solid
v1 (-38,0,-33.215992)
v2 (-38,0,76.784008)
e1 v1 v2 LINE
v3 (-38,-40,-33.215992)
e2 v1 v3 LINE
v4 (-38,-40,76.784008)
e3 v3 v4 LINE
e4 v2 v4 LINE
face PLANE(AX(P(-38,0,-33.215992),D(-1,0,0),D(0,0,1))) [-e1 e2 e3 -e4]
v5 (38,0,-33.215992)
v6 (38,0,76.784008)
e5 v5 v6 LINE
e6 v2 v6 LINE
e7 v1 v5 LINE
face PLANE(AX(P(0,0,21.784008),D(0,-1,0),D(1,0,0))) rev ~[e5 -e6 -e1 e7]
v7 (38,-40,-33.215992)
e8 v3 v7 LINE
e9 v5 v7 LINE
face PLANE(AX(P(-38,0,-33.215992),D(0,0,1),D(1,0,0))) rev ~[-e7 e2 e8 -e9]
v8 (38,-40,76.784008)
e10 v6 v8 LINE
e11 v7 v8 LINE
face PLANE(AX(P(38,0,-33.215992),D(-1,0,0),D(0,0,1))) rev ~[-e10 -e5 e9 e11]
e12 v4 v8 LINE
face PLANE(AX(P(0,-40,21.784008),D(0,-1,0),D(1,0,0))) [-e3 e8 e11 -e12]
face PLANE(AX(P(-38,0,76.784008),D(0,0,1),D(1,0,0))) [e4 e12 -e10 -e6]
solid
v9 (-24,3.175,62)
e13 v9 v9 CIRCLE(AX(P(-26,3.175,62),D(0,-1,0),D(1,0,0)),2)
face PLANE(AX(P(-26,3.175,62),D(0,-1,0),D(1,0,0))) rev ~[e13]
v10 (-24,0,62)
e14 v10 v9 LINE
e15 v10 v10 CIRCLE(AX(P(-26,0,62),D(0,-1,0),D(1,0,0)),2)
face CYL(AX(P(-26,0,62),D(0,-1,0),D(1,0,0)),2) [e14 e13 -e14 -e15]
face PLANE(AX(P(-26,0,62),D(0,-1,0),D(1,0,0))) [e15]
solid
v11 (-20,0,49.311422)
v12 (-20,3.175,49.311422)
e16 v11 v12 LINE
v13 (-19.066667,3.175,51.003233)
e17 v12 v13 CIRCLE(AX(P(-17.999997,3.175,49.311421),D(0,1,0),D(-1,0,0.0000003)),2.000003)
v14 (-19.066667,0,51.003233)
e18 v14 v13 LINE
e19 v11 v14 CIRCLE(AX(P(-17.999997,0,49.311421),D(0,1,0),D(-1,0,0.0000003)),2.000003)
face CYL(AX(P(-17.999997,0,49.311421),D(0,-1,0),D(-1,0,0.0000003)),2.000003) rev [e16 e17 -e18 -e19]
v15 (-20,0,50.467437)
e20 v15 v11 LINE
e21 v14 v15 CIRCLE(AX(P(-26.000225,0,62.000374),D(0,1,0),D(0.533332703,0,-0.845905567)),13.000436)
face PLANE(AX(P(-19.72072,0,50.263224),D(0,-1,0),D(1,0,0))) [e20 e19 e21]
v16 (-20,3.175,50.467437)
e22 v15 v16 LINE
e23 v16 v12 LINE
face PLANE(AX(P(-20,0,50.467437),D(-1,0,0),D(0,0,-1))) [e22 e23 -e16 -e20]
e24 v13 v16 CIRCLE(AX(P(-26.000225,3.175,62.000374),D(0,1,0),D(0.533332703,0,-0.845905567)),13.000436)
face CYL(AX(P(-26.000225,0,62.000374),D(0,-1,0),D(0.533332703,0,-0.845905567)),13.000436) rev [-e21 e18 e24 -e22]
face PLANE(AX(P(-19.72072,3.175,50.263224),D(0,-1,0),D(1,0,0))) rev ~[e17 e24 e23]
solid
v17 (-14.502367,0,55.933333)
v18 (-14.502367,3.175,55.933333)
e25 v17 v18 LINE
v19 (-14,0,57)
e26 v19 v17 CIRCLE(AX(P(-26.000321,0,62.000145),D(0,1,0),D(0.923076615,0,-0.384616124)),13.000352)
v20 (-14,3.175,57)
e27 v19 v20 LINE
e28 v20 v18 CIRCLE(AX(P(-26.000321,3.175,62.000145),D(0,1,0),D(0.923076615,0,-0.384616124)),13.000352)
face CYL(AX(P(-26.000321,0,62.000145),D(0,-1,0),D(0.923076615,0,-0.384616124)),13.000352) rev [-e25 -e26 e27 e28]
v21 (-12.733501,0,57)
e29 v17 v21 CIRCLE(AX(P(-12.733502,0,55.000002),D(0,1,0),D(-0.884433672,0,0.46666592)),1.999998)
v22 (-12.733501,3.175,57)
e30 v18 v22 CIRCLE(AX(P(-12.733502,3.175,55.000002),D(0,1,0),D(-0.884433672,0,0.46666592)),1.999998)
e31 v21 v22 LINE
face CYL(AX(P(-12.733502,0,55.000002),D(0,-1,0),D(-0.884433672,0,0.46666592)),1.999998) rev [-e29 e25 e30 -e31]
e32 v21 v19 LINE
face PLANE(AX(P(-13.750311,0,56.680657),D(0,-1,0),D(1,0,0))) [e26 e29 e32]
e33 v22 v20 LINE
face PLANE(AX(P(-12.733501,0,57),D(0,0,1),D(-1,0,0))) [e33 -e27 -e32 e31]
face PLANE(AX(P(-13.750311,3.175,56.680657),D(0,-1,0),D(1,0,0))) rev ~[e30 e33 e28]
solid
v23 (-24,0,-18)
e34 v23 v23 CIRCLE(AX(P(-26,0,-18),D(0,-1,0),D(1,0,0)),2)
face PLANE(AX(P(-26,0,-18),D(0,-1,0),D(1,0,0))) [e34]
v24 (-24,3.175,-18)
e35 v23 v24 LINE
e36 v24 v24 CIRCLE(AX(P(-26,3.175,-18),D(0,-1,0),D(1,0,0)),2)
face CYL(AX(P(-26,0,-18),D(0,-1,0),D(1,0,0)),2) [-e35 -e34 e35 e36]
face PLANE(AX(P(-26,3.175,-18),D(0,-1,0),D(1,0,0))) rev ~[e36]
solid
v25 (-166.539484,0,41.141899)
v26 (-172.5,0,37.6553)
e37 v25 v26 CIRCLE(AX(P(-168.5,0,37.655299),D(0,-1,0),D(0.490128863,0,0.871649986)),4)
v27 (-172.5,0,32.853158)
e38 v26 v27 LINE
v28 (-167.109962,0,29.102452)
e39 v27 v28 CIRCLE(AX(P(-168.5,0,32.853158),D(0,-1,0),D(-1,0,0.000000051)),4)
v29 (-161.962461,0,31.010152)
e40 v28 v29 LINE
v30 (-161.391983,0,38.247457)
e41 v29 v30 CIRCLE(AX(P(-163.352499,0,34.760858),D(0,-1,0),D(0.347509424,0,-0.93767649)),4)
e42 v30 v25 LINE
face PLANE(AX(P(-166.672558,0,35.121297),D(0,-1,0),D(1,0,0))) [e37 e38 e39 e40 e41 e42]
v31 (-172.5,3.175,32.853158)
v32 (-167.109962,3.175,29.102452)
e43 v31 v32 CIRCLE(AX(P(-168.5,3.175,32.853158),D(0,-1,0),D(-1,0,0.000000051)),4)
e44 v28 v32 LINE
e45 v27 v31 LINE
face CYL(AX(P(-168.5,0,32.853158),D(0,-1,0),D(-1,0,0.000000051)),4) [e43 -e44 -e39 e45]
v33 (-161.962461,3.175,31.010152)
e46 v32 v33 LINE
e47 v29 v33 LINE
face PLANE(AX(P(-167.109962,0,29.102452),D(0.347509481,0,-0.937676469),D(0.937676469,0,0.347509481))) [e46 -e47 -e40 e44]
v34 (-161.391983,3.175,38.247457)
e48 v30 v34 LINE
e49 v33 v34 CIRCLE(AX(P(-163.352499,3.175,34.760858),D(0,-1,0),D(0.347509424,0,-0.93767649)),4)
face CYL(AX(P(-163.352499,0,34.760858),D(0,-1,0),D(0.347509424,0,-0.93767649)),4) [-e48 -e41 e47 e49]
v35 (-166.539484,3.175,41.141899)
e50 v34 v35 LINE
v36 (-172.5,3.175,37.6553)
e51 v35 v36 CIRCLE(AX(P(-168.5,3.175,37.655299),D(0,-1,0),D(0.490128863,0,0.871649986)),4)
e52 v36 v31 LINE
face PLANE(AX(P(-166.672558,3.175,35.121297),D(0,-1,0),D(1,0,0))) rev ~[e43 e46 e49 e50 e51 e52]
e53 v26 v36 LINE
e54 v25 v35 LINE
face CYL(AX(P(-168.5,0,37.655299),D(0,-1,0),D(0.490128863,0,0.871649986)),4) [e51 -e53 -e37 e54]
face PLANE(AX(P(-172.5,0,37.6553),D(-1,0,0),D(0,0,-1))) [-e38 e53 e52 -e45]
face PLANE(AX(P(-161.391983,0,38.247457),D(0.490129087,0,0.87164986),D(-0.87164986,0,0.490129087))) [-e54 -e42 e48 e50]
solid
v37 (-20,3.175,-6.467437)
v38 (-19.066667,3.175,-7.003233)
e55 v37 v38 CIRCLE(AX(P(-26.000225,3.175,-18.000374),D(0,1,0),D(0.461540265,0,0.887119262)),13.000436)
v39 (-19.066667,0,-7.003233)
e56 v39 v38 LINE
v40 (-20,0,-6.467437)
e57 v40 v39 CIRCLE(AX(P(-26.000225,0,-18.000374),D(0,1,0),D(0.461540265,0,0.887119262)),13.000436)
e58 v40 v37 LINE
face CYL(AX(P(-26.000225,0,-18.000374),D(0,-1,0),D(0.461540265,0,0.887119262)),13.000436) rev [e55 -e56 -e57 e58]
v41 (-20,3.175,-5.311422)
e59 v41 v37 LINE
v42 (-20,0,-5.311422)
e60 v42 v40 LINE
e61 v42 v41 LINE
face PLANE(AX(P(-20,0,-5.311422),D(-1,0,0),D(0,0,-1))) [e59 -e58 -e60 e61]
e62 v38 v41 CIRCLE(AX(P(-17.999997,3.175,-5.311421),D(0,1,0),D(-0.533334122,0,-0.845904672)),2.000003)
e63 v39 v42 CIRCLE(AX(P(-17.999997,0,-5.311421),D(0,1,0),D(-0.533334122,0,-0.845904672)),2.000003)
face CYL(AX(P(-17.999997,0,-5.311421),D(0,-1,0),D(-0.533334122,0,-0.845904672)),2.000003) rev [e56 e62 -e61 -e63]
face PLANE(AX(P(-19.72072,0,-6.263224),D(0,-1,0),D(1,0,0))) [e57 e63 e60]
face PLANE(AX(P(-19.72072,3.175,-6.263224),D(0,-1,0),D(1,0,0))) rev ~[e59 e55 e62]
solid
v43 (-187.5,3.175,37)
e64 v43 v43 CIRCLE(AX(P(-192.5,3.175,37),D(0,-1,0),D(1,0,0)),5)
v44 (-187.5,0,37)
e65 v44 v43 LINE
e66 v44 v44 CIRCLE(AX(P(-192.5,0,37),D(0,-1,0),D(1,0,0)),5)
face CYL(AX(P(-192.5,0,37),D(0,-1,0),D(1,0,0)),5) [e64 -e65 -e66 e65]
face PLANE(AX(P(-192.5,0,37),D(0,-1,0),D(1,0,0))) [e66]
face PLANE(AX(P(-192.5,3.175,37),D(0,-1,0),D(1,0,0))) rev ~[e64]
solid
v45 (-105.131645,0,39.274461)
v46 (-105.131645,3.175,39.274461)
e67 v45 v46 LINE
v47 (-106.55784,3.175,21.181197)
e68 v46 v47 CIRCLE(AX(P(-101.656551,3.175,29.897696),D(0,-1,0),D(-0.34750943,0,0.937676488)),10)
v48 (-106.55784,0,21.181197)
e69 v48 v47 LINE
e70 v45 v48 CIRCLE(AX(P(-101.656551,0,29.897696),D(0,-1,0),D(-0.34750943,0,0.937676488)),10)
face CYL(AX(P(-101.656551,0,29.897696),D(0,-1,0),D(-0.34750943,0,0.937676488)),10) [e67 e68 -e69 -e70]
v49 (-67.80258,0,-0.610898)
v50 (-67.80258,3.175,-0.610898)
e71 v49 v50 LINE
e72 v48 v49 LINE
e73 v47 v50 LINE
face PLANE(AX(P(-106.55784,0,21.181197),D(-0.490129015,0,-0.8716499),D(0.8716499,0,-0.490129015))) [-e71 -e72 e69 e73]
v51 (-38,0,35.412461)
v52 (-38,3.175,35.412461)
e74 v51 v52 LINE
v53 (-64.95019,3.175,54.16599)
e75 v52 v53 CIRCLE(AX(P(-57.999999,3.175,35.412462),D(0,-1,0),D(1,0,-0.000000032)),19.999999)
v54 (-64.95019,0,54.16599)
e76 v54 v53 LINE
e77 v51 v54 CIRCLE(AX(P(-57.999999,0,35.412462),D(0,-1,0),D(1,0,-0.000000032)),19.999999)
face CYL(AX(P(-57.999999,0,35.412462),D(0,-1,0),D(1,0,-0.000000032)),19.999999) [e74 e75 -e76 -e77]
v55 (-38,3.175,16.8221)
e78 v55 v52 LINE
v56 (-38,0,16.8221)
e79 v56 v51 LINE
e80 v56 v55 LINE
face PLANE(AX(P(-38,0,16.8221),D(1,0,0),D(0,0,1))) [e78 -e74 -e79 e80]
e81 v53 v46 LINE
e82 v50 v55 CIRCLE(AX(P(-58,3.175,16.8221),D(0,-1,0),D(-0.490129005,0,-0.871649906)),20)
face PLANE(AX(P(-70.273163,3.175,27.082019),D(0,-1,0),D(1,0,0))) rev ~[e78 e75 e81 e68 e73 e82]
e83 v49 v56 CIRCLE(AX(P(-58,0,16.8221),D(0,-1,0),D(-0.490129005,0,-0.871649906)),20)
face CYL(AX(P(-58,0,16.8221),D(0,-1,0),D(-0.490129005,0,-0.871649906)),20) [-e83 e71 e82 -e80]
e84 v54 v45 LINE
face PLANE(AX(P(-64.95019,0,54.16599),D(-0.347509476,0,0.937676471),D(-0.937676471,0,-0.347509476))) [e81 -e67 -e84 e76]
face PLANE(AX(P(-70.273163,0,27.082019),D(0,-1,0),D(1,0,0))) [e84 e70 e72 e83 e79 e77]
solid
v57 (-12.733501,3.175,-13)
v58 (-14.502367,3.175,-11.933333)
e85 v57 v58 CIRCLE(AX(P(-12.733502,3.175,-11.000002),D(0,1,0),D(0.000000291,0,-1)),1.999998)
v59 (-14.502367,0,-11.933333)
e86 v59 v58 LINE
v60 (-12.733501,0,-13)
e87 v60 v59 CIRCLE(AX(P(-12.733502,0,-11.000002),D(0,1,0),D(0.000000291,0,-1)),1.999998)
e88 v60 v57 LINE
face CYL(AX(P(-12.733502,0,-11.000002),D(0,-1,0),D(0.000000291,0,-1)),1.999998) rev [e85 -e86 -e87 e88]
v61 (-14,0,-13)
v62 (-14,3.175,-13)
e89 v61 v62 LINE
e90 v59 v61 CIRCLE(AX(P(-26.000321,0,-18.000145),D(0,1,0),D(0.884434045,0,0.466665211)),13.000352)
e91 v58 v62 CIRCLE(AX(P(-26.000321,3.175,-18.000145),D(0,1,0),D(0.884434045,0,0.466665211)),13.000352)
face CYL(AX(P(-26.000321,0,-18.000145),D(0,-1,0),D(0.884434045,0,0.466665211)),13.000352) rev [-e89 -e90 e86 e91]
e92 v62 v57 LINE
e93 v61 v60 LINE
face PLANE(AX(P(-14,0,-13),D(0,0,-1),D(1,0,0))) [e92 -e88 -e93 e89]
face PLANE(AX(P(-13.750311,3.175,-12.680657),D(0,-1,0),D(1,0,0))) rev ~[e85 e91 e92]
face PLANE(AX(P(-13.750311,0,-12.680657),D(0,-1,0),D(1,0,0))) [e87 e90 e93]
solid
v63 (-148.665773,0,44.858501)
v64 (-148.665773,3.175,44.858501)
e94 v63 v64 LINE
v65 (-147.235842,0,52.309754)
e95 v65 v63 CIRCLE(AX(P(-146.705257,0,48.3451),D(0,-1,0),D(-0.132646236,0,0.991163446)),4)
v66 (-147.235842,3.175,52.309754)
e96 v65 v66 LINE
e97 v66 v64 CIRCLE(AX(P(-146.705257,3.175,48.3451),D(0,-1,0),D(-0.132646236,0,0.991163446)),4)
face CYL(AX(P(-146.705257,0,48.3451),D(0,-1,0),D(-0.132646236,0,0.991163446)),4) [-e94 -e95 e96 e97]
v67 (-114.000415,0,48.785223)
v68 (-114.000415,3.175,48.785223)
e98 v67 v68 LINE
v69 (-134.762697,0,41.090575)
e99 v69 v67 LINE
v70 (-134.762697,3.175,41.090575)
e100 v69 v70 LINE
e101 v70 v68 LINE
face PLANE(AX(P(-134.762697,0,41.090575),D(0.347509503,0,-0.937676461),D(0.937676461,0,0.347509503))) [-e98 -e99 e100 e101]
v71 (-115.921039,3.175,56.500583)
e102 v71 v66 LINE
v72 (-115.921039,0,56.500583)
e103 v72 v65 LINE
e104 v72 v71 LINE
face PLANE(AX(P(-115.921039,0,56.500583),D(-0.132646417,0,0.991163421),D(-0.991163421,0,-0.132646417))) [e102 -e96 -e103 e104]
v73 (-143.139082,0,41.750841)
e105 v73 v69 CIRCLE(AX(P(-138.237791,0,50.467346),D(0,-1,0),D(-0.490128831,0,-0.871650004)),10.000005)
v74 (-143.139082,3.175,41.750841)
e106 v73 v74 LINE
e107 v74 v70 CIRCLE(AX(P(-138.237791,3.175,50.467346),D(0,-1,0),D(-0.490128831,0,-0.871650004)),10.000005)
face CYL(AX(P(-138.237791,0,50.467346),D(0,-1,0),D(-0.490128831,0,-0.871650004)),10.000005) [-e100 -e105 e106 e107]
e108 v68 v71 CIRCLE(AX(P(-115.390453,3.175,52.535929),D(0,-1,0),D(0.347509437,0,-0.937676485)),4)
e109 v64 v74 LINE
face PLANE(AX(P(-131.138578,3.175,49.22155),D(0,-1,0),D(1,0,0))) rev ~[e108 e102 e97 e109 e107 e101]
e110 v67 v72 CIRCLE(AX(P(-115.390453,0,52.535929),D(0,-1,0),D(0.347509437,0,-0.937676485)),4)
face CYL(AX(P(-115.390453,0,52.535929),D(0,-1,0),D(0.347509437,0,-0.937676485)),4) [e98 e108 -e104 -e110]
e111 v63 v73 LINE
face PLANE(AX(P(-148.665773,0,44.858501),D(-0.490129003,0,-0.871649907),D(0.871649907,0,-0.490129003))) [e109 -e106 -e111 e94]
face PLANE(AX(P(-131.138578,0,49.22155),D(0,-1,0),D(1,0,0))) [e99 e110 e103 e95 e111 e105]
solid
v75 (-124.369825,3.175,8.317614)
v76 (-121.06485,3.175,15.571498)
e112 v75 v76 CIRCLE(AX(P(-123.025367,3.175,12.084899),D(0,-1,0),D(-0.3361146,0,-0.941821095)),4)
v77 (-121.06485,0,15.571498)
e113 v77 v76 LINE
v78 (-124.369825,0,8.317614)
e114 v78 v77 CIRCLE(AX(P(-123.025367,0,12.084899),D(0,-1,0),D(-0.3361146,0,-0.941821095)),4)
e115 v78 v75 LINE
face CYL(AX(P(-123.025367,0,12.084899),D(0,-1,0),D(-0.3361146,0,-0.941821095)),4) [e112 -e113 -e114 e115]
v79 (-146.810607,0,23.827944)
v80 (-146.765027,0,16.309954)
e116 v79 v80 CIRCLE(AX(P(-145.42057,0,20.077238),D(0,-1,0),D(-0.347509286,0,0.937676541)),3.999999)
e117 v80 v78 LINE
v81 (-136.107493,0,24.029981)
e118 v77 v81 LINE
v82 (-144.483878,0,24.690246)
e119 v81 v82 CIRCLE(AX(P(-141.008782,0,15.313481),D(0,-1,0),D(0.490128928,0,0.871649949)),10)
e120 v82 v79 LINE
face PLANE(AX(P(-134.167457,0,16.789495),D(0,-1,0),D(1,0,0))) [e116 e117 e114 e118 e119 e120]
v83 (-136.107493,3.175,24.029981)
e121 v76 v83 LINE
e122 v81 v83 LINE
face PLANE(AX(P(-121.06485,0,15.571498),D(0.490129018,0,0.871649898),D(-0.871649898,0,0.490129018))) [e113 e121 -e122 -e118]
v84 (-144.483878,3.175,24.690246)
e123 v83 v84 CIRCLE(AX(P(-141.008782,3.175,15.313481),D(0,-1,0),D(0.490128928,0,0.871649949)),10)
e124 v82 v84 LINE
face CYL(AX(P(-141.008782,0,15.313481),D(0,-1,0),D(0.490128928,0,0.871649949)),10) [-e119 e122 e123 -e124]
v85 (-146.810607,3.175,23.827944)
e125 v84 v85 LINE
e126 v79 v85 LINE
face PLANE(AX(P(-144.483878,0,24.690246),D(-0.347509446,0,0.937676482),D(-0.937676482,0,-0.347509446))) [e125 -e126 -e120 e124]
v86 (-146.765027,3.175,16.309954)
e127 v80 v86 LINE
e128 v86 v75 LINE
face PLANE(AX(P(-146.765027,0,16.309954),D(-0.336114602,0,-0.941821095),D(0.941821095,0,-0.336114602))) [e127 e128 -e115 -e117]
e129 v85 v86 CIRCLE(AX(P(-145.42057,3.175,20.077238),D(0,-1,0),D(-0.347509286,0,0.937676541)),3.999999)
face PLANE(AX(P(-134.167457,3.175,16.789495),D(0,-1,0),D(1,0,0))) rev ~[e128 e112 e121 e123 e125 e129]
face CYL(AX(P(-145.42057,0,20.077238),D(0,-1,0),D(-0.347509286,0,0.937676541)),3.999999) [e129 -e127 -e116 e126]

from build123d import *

# Parameters (mm, degrees)
F0_R     = 5
F0_R_2   = 2
F1_DEPTH = 3.175
F2_W     = 76
F2_H     = 110
F3_DEPTH = 40


with BuildPart() as f1:
    # F0 (on Front) → F1 (new body)
    with BuildSketch(Plane.XZ):
        with Locations((-192.5, 37)):
            Circle(F0_R)
        with Locations((-26, 62)):
            Circle(F0_R_2)
        with Locations((-26, -18)):
            Circle(F0_R_2)
        with BuildLine():
            ThreePointArc((-166.539484, 41.141899), (-170.519645, 41.107984), (-172.5, 37.6553))
            Line((-172.5, 37.6553), (-172.5, 32.853158))
            ThreePointArc((-172.5, 32.853158), (-170.784715, 29.569855), (-167.109962, 29.102452))
            Line((-167.109962, 29.102452), (-161.962461, 31.010152))
            ThreePointArc((-161.962461, 31.010152), (-159.364868, 34.446534), (-161.391983, 38.247457))
            Line((-161.391983, 38.247457), (-166.539484, 41.141899))
        make_face()
        with BuildLine():
            Line((-38, 16.8221), (-38, 35.412461))
            ThreePointArc((-38, 35.412461), (-46.576423, 51.828974), (-64.95019, 54.16599))
            Line((-64.95019, 54.16599), (-105.131645, 39.274461))
            ThreePointArc((-105.131645, 39.274461), (-111.625628, 30.683505), (-106.55784, 21.181197))
            Line((-106.55784, 21.181197), (-67.80258, -0.610898))
            ThreePointArc((-67.80258, -0.610898), (-47.901773, -0.441324), (-38, 16.8221))
        make_face()
        with BuildLine():
            Line((-148.665773, 44.858501), (-143.139082, 41.750841))
            ThreePointArc((-143.139082, 41.750841), (-139.023601, 40.498263), (-134.762697, 41.090575))
            Line((-134.762697, 41.090575), (-114.000415, 48.785223))
            ThreePointArc((-114.000415, 48.785223), (-111.508912, 53.502181), (-115.921039, 56.500583))
            Line((-115.921039, 56.500583), (-147.235842, 52.309754))
            ThreePointArc((-147.235842, 52.309754), (-150.633576, 49.098963), (-148.665773, 44.858501))
        make_face()
        with BuildLine():
            Line((-121.06485, 15.571498), (-136.107493, 24.029981))
            ThreePointArc((-136.107493, 24.029981), (-140.222974, 25.282559), (-144.483878, 24.690246))
            Line((-144.483878, 24.690246), (-146.810607, 23.827944))
            ThreePointArc((-146.810607, 23.827944), (-149.420496, 20.052988), (-146.765027, 16.309954))
            Line((-146.765027, 16.309954), (-124.369825, 8.317614))
            ThreePointArc((-124.369825, 8.317614), (-119.385368, 10.426462), (-121.06485, 15.571498))
        make_face()
        with BuildLine():
            ThreePointArc((-14, 57), (-14.239085, 56.460968), (-14.502367, 55.933333))
            ThreePointArc((-14.502367, 55.933333), (-13.766296, 56.712698), (-12.733501, 57))
            Line((-12.733501, 57), (-14, 57))
        make_face()
        with BuildLine():
            ThreePointArc((-12.733501, -13), (-13.766296, -12.712698), (-14.502367, -11.933333))
            ThreePointArc((-14.502367, -11.933333), (-14.239085, -12.460968), (-14, -13))
            Line((-14, -13), (-12.733501, -13))
        make_face()
        with BuildLine():
            ThreePointArc((-19.066667, -7.003233), (-19.75119, -6.277514), (-20, -5.311422))
            Line((-20, -5.311422), (-20, -6.467437))
            ThreePointArc((-20, -6.467437), (-19.527787, -6.725673), (-19.066667, -7.003233))
        make_face()
        with BuildLine():
            ThreePointArc((-19.066667, 51.003233), (-19.527787, 50.725673), (-20, 50.467437))
            Line((-20, 50.467437), (-20, 49.311422))
            ThreePointArc((-20, 49.311422), (-19.75119, 50.277514), (-19.066667, 51.003233))
        make_face()
    extrude(amount=-F1_DEPTH)


with BuildPart() as f3:
    # F2 (on Front) → F3 (new body)
    with BuildSketch(Plane.XZ):
        with Locations((0, 21.784008)):
            Rectangle(F2_W, F2_H)
    extrude(amount=F3_DEPTH)


solid = Compound([f1.part, f3.part])
